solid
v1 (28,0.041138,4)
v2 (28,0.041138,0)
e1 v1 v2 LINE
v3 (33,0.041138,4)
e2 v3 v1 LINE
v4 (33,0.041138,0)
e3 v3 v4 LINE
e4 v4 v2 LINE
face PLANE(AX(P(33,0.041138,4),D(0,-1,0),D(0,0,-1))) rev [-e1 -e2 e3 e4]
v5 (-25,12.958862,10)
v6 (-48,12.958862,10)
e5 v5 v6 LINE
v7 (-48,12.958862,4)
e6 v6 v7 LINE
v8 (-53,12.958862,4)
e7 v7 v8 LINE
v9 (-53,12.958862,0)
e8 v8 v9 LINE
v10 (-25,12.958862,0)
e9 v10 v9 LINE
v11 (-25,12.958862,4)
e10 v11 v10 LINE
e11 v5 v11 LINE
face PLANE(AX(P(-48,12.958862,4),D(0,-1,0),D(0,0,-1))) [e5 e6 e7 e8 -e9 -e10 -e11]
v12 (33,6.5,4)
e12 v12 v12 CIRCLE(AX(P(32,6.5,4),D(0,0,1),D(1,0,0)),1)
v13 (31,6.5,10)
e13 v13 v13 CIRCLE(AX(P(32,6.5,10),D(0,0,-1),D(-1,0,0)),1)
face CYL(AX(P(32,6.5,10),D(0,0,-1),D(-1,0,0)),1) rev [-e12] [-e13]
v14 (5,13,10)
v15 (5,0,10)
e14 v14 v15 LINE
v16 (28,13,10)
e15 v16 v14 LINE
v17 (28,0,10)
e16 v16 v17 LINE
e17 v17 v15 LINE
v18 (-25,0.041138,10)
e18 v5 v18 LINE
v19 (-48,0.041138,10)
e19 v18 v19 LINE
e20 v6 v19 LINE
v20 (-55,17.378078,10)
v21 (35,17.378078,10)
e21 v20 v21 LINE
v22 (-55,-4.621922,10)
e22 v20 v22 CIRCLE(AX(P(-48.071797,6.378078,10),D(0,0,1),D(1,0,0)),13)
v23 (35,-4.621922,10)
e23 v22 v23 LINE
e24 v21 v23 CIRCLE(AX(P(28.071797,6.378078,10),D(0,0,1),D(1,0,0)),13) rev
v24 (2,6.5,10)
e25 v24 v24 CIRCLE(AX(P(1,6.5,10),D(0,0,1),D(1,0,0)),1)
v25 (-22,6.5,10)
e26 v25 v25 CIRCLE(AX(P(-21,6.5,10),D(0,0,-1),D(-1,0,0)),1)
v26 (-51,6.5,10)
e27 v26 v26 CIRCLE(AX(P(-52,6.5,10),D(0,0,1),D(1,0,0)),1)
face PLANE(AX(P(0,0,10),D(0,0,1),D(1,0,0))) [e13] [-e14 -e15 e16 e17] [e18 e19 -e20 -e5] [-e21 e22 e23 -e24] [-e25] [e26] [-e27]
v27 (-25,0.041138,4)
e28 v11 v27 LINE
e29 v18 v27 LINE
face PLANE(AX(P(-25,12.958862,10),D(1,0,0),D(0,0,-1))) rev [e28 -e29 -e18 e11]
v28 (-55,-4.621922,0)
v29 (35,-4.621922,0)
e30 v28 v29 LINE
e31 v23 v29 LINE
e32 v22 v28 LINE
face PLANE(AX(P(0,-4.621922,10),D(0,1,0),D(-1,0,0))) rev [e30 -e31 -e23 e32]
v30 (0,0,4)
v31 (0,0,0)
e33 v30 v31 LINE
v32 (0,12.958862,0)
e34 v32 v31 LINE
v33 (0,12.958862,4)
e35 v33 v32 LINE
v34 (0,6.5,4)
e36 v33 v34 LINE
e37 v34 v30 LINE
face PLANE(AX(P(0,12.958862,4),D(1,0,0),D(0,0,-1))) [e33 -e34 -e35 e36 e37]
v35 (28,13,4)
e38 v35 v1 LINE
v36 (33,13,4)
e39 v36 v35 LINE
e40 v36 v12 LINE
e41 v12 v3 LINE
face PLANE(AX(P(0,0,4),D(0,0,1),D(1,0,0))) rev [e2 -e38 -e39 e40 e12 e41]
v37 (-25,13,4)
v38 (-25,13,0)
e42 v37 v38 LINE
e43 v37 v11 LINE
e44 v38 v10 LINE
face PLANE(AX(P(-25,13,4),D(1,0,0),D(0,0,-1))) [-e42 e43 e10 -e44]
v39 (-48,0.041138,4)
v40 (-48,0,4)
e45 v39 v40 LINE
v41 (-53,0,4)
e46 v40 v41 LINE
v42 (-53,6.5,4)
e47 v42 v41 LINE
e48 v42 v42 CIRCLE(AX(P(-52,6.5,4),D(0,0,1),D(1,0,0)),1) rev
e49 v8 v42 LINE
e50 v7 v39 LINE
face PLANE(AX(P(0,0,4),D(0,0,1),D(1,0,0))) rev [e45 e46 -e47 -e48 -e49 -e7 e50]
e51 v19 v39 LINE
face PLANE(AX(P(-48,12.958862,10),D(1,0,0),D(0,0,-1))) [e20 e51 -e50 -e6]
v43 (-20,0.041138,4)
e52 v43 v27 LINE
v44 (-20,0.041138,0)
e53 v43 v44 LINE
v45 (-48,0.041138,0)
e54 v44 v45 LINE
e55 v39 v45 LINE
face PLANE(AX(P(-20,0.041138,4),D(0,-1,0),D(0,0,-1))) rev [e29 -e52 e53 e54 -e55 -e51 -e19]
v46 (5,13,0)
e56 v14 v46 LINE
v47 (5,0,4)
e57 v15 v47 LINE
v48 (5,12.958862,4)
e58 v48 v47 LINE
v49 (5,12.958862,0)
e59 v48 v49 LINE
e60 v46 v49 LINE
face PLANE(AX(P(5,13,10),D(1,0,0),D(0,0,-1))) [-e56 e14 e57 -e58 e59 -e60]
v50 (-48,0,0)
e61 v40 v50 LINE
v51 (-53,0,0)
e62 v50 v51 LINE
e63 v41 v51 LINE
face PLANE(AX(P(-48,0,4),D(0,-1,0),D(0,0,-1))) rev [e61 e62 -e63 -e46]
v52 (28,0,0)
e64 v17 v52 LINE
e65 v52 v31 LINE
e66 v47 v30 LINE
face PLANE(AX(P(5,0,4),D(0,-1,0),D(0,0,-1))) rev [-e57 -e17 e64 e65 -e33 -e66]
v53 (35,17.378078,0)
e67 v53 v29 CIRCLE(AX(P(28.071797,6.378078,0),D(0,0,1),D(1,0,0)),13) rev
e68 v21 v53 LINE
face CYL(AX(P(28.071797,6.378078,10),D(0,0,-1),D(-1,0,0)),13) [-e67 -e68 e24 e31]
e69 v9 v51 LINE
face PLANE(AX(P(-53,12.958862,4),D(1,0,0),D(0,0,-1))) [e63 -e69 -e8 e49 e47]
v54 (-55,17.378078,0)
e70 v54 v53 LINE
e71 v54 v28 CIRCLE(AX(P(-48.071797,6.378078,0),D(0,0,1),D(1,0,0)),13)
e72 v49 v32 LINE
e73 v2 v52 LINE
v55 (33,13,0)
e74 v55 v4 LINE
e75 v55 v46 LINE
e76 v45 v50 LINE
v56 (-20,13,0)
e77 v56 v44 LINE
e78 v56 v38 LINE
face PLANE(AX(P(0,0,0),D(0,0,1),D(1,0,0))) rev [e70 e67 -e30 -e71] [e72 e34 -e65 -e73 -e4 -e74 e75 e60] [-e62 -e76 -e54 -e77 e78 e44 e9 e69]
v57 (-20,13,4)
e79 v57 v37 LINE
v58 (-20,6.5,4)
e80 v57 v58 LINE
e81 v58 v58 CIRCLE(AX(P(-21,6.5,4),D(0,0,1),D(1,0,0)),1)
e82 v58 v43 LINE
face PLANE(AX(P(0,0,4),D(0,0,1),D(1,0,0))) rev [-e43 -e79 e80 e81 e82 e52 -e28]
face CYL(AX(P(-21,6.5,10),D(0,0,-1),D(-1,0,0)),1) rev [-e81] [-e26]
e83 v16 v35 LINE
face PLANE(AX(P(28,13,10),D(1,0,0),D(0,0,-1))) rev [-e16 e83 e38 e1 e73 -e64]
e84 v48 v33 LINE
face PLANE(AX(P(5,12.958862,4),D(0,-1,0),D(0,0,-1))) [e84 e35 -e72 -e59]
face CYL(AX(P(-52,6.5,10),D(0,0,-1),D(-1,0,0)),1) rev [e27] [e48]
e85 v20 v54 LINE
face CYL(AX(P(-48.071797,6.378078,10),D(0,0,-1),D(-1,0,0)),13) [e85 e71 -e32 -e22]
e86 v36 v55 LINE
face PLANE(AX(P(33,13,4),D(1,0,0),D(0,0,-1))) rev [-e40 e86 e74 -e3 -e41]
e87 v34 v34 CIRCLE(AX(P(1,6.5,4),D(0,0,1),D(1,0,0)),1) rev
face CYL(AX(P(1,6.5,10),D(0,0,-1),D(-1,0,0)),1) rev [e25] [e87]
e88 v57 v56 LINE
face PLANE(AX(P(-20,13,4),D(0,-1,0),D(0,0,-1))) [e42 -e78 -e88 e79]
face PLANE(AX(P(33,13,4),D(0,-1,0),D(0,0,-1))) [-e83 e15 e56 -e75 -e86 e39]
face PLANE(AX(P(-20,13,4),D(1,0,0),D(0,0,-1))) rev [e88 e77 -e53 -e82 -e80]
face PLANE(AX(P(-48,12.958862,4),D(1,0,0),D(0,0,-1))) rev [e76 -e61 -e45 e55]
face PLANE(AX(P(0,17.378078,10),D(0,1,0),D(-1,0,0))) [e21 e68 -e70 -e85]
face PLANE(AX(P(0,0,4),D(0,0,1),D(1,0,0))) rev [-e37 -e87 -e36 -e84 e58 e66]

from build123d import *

# Parameters (mm, degrees)
EXTRUDE_2_DEPTH     = 10
SKETCH_2_W          = 5
SKETCH_2_H          = 12.958862493
CUT_EXTRUDE_2_DEPTH = 4
SKETCH_3_W          = 23
SKETCH_3_H          = 13
SKETCH_3_H_2        = 12.917724986
CUT_EXTRUDE_4_DEPTH = 11
SKETCH_4_R          = 1
CUT_EXTRUDE_5_DEPTH = 11


with BuildPart() as part:
    # 草图1 → 凸台-拉伸2 (new body)
    with BuildSketch(Plane.XY):
        with BuildLine():
            Line((-55, 17.378078065), (35, 17.378078065))
            ThreePointArc((35, 17.378078065), (41.07179677, 6.378078065), (35, -4.621921935))
            Line((35, -4.621921935), (-55, -4.621921935))
            ThreePointArc((-55, -4.621921935), (-61.07179677, 6.378078065), (-55, 17.378078065))
        make_face()
    extrude(amount=EXTRUDE_2_DEPTH)

    # 草图2 → 切除-拉伸2 (cut)
    with BuildSketch(Plane(origin=(0, 0, 0), x_dir=(-1, 0, 0), z_dir=(0, 0, -1))):
        with Locations((-30.5, 6.520568754)):
            Rectangle(SKETCH_2_W, SKETCH_2_H)
        with Locations((-2.5, 6.479431247)):
            Rectangle(SKETCH_2_W, SKETCH_2_H)
        with Locations((22.5, 6.520568754)):
            Rectangle(SKETCH_2_W, SKETCH_2_H)
        with Locations((50.5, 6.479431247)):
            Rectangle(SKETCH_2_W, SKETCH_2_H)
    extrude(amount=-CUT_EXTRUDE_2_DEPTH, mode=Mode.SUBTRACT)

    # 草图3 → 切除-拉伸4 (cut, through all)
    with BuildSketch(Plane(origin=(0, 0, 0), x_dir=(-1, 0, 0), z_dir=(0, 0, -1))):
        with Locations((-16.5, 6.5)):
            Rectangle(SKETCH_3_W, SKETCH_3_H)
        with Locations((36.5, 6.5)):
            Rectangle(SKETCH_3_W, SKETCH_3_H_2)
    extrude(amount=-CUT_EXTRUDE_4_DEPTH, mode=Mode.SUBTRACT)

    # 草图4 → 切除-拉伸5 (cut, through all)
    with BuildSketch(Plane(origin=(0, 0, 0), x_dir=(-1, 0, 0), z_dir=(0, 0, -1))):
        with Locations((-32, 6.5)):
            Circle(SKETCH_4_R)
        with Locations((-1, 6.5)):
            Circle(SKETCH_4_R)
        with Locations((21, 6.5)):
            Circle(SKETCH_4_R)
        with Locations((52, 6.5)):
            Circle(SKETCH_4_R)
    extrude(amount=-CUT_EXTRUDE_5_DEPTH, mode=Mode.SUBTRACT)


solid = part.part
